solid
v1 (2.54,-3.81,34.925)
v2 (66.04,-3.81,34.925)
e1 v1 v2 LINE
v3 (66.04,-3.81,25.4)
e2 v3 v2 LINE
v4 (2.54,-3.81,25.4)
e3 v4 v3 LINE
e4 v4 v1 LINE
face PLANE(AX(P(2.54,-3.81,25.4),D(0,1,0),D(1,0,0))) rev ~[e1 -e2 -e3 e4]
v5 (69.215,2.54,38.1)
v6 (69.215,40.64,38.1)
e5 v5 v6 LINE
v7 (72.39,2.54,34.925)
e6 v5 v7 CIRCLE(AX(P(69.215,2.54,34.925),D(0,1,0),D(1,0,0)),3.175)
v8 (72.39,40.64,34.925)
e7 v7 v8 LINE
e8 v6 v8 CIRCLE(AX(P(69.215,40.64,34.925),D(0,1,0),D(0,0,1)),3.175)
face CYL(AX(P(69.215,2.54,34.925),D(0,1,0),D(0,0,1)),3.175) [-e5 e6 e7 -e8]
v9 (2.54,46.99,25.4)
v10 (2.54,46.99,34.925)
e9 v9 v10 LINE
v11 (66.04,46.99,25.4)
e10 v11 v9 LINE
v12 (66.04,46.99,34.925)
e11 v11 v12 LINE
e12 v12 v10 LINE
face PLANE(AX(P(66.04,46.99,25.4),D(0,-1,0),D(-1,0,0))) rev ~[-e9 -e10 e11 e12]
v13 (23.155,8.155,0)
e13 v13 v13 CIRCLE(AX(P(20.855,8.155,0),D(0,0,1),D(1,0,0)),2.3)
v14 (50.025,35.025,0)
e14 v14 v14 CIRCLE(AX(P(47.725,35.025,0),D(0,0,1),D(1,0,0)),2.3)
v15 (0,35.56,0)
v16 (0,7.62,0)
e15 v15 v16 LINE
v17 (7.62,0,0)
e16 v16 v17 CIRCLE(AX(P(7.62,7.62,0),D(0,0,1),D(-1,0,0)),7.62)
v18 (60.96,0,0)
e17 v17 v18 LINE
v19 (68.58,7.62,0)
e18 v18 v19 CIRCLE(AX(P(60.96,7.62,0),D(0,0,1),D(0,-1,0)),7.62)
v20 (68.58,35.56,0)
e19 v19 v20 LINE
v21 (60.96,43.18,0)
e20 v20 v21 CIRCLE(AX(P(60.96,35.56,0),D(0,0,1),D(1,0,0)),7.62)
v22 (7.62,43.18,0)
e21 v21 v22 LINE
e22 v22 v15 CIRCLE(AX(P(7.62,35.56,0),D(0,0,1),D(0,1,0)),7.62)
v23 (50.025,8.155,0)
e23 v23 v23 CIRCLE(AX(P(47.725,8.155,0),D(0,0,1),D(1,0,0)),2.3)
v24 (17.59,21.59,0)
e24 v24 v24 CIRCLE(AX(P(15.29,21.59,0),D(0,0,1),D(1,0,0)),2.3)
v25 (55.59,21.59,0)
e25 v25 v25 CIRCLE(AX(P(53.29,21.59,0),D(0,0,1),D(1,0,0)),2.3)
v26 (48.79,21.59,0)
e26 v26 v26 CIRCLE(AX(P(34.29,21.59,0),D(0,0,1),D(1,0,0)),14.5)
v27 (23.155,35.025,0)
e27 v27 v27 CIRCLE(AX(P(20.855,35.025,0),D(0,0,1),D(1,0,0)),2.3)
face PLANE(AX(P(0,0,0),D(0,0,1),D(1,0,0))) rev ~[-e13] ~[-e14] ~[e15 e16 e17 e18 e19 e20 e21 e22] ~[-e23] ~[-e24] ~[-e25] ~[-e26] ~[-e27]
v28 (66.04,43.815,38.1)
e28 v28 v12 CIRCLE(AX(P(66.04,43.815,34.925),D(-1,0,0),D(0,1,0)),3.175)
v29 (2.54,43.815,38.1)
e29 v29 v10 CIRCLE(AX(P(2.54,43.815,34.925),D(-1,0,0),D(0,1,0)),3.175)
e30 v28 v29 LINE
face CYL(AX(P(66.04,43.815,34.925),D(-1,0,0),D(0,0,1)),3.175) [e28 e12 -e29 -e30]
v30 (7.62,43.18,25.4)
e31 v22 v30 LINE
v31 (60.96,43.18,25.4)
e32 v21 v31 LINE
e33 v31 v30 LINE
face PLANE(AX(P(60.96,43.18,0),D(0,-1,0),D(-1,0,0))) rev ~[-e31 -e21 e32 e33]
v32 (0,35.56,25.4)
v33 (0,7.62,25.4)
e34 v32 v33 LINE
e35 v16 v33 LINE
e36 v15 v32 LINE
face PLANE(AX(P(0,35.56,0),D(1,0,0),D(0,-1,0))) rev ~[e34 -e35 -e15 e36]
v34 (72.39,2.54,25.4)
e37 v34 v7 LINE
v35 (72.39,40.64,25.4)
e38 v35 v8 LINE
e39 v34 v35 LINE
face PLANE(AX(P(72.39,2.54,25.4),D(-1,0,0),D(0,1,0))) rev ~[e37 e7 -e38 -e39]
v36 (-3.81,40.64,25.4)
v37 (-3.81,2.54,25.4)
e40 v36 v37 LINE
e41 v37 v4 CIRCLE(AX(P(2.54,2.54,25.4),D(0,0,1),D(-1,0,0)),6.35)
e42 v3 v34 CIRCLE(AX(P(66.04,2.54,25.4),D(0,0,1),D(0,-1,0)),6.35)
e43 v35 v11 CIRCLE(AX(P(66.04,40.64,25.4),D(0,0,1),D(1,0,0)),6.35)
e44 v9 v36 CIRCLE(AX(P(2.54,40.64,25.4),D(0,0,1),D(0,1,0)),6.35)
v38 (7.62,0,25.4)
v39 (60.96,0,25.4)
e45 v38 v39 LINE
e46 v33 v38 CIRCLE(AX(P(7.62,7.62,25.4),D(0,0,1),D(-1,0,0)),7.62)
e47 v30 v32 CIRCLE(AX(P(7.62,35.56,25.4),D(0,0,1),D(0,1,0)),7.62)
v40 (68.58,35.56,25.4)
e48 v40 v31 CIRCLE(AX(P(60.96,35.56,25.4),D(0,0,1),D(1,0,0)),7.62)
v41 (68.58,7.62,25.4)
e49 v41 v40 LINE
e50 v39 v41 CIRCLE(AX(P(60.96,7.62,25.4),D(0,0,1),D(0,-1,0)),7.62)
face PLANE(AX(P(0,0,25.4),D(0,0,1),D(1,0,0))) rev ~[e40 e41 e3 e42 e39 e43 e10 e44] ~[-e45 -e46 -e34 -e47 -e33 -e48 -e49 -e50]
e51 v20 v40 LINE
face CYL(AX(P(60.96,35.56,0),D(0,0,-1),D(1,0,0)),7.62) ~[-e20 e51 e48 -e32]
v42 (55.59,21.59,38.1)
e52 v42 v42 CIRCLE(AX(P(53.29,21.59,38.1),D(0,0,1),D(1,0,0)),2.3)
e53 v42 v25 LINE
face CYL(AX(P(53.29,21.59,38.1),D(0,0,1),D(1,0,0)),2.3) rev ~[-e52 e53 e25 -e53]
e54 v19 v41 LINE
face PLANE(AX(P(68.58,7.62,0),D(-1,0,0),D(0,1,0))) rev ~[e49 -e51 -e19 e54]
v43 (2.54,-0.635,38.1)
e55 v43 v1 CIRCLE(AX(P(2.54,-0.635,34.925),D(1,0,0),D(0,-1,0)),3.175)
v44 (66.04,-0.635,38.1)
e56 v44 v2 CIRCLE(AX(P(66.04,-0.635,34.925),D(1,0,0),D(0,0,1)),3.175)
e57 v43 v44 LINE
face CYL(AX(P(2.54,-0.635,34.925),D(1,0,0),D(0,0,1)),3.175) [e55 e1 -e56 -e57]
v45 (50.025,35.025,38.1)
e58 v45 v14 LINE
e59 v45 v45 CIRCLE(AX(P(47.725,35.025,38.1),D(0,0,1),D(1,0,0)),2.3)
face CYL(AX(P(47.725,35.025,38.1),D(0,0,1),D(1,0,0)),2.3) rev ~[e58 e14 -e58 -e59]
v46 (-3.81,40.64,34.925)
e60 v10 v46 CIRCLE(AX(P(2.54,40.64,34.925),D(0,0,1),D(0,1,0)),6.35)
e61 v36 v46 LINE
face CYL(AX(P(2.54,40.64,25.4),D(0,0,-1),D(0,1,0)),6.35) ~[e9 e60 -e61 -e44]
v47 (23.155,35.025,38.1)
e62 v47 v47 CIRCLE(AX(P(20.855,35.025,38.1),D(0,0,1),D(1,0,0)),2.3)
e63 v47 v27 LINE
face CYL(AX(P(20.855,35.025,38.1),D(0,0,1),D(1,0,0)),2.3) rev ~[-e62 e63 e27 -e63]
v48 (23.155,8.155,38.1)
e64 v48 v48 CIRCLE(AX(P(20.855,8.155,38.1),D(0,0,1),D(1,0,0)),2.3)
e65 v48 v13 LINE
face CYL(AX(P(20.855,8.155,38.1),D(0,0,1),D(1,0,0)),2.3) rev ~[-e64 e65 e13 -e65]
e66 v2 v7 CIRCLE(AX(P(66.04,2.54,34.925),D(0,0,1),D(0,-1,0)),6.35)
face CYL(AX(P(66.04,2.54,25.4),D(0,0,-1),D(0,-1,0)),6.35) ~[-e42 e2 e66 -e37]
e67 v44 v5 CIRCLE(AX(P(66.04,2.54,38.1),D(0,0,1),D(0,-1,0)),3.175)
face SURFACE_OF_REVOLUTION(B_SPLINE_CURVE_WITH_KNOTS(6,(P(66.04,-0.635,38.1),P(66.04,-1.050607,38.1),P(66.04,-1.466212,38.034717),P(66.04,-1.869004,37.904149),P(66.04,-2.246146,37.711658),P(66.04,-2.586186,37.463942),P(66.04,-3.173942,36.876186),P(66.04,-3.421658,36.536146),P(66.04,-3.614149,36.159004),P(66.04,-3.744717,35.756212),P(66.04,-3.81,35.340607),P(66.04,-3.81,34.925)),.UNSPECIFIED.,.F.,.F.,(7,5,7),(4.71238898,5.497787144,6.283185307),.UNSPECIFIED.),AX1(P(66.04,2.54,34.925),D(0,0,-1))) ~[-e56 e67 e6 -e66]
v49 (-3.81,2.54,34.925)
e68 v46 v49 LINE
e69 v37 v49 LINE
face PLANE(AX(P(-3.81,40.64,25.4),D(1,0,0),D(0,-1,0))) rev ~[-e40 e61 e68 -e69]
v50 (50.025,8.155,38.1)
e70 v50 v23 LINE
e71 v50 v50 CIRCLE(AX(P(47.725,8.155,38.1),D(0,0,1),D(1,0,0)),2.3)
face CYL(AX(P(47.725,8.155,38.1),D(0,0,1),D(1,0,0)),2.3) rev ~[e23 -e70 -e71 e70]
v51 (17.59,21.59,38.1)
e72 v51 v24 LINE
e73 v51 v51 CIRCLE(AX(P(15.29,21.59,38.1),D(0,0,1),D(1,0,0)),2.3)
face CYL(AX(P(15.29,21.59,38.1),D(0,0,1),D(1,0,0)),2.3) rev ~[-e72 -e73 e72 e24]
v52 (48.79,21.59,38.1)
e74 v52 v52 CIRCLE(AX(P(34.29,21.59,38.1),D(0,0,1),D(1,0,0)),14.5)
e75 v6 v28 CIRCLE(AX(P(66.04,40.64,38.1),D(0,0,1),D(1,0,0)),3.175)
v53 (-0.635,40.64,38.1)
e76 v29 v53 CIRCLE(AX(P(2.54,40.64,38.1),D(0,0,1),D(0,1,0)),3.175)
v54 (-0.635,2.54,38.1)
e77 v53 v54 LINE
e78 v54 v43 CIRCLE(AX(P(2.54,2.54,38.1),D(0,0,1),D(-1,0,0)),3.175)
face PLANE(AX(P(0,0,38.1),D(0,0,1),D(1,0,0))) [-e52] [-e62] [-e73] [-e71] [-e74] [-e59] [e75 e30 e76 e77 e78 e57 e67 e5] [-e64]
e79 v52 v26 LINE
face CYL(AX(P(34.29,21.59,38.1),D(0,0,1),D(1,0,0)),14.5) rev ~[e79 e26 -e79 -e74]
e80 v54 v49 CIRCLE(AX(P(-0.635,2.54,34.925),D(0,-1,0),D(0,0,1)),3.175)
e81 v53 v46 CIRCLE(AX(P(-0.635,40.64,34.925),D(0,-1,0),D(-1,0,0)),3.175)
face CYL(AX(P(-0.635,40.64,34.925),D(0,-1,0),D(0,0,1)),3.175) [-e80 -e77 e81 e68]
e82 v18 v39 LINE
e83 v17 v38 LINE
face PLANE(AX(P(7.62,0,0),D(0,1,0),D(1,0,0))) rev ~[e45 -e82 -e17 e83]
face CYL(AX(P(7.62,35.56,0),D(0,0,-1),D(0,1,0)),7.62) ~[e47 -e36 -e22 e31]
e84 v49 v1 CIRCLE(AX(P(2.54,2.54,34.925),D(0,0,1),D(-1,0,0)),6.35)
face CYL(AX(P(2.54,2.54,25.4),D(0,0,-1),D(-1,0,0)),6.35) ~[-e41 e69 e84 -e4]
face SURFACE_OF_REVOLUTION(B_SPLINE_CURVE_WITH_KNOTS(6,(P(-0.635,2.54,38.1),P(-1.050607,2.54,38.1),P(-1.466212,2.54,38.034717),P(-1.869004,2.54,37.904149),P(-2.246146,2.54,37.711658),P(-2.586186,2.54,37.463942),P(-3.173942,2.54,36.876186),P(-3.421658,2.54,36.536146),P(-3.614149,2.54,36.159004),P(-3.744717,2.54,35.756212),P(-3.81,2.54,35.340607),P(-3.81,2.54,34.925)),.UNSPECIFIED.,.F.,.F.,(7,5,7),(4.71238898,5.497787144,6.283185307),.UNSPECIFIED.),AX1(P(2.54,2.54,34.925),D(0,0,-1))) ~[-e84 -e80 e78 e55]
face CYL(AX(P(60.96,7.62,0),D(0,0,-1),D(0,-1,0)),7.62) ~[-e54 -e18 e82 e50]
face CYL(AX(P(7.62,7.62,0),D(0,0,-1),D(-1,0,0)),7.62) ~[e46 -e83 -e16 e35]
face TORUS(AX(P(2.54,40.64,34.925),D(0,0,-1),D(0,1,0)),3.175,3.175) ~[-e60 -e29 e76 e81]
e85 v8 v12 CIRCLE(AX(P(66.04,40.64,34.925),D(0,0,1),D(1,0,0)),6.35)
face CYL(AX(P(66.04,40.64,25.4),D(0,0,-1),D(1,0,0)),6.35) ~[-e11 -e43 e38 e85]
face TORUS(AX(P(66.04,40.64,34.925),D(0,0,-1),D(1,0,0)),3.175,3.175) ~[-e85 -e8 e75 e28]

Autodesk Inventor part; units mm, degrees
ref_plane "YZ Plane" through (0, 0, 0) normal (1, 0, 0) x (0, 1, 0)
ref_plane "XZ Plane" through (0, 0, 0) normal (0, 1, 0) x (-1, 0, 0)
ref_plane "XY Plane" through (0, 0, 0) normal (0, 0, 1) x (1, 0, 0)
sketch "Sketch1" plane through (0, 0, 0) normal (0, 0, 1) x (1, 0, 0)
  line L0 (7.62, 0) -> (60.96, 0)
  line L1 (68.58, 7.62) -> (68.58, 35.56)
  line L2 (60.96, 43.18) -> (7.62, 43.18)
  line L3 (0, 35.56) -> (0, 7.62)
  arc A0 (7.62, 43.18) -> (0, 35.56) centre (7.62, 35.56) ccw
  arc A1 (0, 7.62) -> (7.62, 0) centre (7.62, 7.62) ccw
  arc A2 (68.58, 35.56) -> (60.96, 43.18) centre (60.96, 35.56) ccw
  arc A3 (60.96, 0) -> (68.58, 7.62) centre (60.96, 7.62) ccw
  point P0 (0, 0)
  point P1 (68.58, 43.18)
  point P2 (68.58, 0)
  point P3 (0, 43.18)
  dimension "d0" = 68.58
  dimension "d1" = 43.18
  dimension "d3" = 7.62
extrude "Extrusion1" add sketch "Sketch1" along normal blind 25.4
sketch "Sketch2" plane through (0, 0, 25.4) normal (0, 0, 1) x (1, 0, 0)
  line L0 (2.54, -3.81) -> (66.04, -3.81)
  line L1 (72.39, 2.54) -> (72.39, 40.64)
  line L2 (66.04, 46.99) -> (2.54, 46.99)
  line L3 (-3.81, 40.64) -> (-3.81, 2.54)
  line L4 (60.96, 43.18) -> (7.62, 43.18) construction
  line L5 (0, 35.56) -> (0, 7.62) construction
  line L6 (7.62, 0) -> (60.96, 0) construction
  line L7 (68.58, 7.62) -> (68.58, 35.56) construction
  arc A0 (2.54, 46.99) -> (-3.81, 40.64) centre (2.54, 40.64) ccw
  arc A1 (-3.81, 2.54) -> (2.54, -3.81) centre (2.54, 2.54) ccw
  arc A2 (66.04, -3.81) -> (72.39, 2.54) centre (66.04, 2.54) ccw
  arc A3 (72.39, 40.64) -> (66.04, 46.99) centre (66.04, 40.64) ccw
  point P0 (0, 0)
  point P1 (72.39, 46.99)
  point P2 (72.39, -3.81)
  point P3 (-3.81, 46.99)
  point P4 (34.29, 46.99)
  point P5 (34.29, 43.18)
  point P6 (68.58, 21.59)
  point P7 (72.39, 21.59)
  dimension "d6" = 76.2
  dimension "d7" = 50.8
  dimension "d8" = 6.35
extrude "Extrusion2" add sketch "Sketch2" along normal blind 12.7
fillet "Fillet1" radius 3.175 8 edges at (-1.9501, 45.1301, 38.1) (-3.81, 21.59, 38.1) (-1.9501, -1.9501, 38.1) (34.29, -3.81, 38.1) (70.5301, -1.9501, 38.1) (72.39, 21.59, 38.1) (70.5301, 45.1301, 38.1) (34.29, 46.99, 38.1)
sketch "Sketch3" plane through (0, 0, 38.1) normal (0, 0, 1) x (1, 0, 0)
  circle A0 centre (34.29, 21.59) radius 14.5
  line L0 (-0.635, 2.54) -> (-0.635, 40.64) construction
  line L1 (2.54, 43.815) -> (66.04, 43.815) construction
  circle A1 centre (34.29, 21.59) radius 19 construction
  circle A2 centre (47.725, 35.025) radius 2.3
  circle A3 centre (15.29, 21.59) radius 2.3
  circle A4 centre (47.725, 8.155) radius 2.3
  circle A5 centre (53.29, 21.59) radius 2.3
  circle A6 centre (20.855, 35.025) radius 2.3
  circle A7 centre (20.855, 8.155) radius 2.3
  line L2 (20.855, 35.025) -> (34.29, 21.59) construction
  line L3 (34.29, 21.59) -> (15.29, 21.59) construction
  point P0 (0, 0)
  point P1 (34.29, 43.815)
  point P2 (-0.635, 21.59)
  dimension "d12" = 29
  dimension "d13" = 38
  dimension "d14" = 4.6
  dimension "d15" = 45
extrude "Extrusion3" cut sketch "Sketch3" against normal up to surface (38.1 mm away)
properties part number "2x3_Spacer"
